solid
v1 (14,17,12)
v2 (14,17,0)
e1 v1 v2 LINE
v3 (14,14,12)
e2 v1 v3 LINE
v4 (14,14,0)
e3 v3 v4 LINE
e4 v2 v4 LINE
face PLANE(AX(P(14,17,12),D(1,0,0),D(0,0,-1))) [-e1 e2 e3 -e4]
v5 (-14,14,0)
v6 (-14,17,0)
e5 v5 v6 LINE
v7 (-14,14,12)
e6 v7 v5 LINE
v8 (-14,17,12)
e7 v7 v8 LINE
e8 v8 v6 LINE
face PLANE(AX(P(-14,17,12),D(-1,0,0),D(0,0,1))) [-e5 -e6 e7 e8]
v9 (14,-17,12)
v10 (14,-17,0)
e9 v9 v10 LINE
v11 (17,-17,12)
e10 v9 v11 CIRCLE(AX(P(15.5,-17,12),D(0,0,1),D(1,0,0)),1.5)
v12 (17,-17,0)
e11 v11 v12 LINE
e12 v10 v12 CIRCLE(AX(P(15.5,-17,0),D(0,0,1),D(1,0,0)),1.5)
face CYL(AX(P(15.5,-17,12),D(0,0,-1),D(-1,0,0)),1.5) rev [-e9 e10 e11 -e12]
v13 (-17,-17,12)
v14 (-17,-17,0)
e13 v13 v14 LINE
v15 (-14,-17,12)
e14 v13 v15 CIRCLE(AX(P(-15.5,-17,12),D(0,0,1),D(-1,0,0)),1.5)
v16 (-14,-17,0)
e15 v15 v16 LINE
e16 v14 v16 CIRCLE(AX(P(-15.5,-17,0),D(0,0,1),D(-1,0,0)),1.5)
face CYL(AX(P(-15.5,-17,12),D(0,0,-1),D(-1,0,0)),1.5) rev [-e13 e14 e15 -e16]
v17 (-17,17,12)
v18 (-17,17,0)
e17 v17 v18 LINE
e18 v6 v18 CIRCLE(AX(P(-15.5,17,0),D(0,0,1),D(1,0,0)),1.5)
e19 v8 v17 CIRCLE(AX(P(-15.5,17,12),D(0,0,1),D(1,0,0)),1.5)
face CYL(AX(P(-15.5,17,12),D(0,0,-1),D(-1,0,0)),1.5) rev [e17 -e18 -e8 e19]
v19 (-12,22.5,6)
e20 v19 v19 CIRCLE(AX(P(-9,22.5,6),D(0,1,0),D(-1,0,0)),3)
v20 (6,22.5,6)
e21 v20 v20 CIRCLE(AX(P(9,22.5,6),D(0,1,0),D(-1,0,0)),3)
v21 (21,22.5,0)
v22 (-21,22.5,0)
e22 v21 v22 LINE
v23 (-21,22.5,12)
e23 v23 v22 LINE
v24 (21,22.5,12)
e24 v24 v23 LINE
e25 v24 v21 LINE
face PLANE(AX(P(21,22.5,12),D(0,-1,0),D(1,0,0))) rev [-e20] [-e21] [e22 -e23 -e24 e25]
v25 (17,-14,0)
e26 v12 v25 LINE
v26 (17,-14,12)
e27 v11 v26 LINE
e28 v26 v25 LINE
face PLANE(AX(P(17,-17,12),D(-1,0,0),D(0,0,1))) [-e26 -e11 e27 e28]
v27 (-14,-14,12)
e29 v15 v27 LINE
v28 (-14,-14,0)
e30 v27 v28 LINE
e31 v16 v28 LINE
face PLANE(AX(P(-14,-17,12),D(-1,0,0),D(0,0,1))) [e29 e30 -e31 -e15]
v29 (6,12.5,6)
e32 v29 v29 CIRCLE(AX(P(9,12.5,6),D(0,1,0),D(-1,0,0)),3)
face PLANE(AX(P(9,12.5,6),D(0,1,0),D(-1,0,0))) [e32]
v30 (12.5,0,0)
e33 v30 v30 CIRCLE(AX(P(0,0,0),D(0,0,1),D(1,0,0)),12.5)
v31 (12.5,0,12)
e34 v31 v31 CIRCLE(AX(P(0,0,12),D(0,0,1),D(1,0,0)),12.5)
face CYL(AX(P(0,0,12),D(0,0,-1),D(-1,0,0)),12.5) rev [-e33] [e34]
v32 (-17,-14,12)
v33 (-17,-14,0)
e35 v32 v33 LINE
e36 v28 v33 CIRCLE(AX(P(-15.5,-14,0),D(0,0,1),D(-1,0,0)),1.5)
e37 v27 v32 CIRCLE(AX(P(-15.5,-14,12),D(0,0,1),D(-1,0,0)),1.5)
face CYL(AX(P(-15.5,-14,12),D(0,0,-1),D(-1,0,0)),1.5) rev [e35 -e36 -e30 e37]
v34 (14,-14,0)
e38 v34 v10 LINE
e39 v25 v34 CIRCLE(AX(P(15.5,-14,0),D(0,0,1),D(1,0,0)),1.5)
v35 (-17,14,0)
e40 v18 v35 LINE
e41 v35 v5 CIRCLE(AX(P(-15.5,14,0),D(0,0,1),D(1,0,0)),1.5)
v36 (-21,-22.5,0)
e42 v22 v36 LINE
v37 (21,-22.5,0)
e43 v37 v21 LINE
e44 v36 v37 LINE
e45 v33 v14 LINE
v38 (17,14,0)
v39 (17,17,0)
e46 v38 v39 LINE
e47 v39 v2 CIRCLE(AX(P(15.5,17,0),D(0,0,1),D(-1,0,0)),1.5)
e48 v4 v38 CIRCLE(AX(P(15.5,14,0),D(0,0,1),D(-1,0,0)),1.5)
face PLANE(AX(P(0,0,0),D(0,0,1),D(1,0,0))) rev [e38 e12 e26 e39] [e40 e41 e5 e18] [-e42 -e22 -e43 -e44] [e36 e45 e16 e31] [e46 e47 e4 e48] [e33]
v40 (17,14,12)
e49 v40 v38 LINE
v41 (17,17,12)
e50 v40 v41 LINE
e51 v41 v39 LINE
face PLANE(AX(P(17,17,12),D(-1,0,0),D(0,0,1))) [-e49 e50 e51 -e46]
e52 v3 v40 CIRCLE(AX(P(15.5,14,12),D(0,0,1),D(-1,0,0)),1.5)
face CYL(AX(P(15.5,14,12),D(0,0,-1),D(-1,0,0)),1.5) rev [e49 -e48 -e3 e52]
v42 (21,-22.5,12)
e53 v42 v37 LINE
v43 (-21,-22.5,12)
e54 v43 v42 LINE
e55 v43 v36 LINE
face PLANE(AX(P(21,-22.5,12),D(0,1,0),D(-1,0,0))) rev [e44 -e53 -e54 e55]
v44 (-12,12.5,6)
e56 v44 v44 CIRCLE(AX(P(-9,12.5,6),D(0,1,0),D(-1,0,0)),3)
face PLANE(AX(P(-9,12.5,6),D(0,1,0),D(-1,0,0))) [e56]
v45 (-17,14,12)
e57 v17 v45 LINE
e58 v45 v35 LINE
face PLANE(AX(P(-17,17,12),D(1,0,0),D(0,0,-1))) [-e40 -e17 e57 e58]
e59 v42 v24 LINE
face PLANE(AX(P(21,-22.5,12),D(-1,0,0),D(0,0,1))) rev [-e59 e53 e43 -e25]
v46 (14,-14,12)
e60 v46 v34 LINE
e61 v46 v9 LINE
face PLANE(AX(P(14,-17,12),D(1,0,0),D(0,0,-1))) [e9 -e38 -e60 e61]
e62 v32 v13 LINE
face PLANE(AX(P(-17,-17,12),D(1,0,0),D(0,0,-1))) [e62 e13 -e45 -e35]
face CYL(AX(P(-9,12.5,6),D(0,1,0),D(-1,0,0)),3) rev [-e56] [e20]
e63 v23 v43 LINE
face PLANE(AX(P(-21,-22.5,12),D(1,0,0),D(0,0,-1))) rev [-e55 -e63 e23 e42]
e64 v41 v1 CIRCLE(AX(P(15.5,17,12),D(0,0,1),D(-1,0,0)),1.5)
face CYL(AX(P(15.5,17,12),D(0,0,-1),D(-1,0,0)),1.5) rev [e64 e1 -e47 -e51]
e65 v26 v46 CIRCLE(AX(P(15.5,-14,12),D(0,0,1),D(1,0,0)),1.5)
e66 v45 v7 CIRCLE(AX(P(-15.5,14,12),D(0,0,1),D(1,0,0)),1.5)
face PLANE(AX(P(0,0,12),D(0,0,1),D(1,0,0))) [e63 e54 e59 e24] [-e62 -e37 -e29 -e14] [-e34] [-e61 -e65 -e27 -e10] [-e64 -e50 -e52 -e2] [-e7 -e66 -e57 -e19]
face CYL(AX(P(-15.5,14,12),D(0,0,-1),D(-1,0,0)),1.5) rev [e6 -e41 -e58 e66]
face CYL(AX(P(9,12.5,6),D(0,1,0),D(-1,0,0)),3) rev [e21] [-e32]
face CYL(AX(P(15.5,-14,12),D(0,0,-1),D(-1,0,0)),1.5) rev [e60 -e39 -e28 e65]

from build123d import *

# Parameters (mm, degrees)
SKETCH_1_W          = 42
SKETCH_1_H          = 45
SKETCH_1_R          = 12.5
EXTRUDE_1_DEPTH     = 12
SKETCH_2_R          = 3
CUT_EXTRUDE_2_DEPTH = 10


with BuildPart() as part:
    # 草图1 → 凸台-拉伸1 (new body)
    with BuildSketch(Plane.XY):
        Rectangle(SKETCH_1_W, SKETCH_1_H)
        Circle(SKETCH_1_R, mode=Mode.SUBTRACT)
        with BuildLine():
            Line((-14, 17), (-14, 14))
            ThreePointArc((-14, 14), (-15.5, 12.5), (-17, 14))
            Line((-17, 14), (-17, 17))
            ThreePointArc((-17, 17), (-15.5, 18.5), (-14, 17))
        make_face(mode=Mode.SUBTRACT)
        with BuildLine():
            Line((14, 17), (14, 14))
            ThreePointArc((14, 14), (15.5, 12.5), (17, 14))
            Line((17, 14), (17, 17))
            ThreePointArc((17, 17), (15.5, 18.5), (14, 17))
        make_face(mode=Mode.SUBTRACT)
        with BuildLine():
            Line((14, -17), (14, -14))
            ThreePointArc((14, -14), (15.5, -12.5), (17, -14))
            Line((17, -14), (17, -17))
            ThreePointArc((17, -17), (15.5, -18.5), (14, -17))
        make_face(mode=Mode.SUBTRACT)
        with BuildLine():
            Line((-14, -17), (-14, -14))
            ThreePointArc((-14, -14), (-15.5, -12.5), (-17, -14))
            Line((-17, -14), (-17, -17))
            ThreePointArc((-17, -17), (-15.5, -18.5), (-14, -17))
        make_face(mode=Mode.SUBTRACT)
    extrude(amount=EXTRUDE_1_DEPTH)

    # 草图2 → 切除-拉伸2 (cut)
    with BuildSketch(Plane(origin=(0, 22.5, 0), x_dir=(1, 0, 0), z_dir=(0, 1, 0))):
        with Locations(Location((-9, -6, 0), (0, 0, 180))):
            Circle(SKETCH_2_R)
        with Locations(Location((9, -6, 0), (0, 0, 180))):
            Circle(SKETCH_2_R)
    extrude(amount=-CUT_EXTRUDE_2_DEPTH, mode=Mode.SUBTRACT)


solid = part.part
